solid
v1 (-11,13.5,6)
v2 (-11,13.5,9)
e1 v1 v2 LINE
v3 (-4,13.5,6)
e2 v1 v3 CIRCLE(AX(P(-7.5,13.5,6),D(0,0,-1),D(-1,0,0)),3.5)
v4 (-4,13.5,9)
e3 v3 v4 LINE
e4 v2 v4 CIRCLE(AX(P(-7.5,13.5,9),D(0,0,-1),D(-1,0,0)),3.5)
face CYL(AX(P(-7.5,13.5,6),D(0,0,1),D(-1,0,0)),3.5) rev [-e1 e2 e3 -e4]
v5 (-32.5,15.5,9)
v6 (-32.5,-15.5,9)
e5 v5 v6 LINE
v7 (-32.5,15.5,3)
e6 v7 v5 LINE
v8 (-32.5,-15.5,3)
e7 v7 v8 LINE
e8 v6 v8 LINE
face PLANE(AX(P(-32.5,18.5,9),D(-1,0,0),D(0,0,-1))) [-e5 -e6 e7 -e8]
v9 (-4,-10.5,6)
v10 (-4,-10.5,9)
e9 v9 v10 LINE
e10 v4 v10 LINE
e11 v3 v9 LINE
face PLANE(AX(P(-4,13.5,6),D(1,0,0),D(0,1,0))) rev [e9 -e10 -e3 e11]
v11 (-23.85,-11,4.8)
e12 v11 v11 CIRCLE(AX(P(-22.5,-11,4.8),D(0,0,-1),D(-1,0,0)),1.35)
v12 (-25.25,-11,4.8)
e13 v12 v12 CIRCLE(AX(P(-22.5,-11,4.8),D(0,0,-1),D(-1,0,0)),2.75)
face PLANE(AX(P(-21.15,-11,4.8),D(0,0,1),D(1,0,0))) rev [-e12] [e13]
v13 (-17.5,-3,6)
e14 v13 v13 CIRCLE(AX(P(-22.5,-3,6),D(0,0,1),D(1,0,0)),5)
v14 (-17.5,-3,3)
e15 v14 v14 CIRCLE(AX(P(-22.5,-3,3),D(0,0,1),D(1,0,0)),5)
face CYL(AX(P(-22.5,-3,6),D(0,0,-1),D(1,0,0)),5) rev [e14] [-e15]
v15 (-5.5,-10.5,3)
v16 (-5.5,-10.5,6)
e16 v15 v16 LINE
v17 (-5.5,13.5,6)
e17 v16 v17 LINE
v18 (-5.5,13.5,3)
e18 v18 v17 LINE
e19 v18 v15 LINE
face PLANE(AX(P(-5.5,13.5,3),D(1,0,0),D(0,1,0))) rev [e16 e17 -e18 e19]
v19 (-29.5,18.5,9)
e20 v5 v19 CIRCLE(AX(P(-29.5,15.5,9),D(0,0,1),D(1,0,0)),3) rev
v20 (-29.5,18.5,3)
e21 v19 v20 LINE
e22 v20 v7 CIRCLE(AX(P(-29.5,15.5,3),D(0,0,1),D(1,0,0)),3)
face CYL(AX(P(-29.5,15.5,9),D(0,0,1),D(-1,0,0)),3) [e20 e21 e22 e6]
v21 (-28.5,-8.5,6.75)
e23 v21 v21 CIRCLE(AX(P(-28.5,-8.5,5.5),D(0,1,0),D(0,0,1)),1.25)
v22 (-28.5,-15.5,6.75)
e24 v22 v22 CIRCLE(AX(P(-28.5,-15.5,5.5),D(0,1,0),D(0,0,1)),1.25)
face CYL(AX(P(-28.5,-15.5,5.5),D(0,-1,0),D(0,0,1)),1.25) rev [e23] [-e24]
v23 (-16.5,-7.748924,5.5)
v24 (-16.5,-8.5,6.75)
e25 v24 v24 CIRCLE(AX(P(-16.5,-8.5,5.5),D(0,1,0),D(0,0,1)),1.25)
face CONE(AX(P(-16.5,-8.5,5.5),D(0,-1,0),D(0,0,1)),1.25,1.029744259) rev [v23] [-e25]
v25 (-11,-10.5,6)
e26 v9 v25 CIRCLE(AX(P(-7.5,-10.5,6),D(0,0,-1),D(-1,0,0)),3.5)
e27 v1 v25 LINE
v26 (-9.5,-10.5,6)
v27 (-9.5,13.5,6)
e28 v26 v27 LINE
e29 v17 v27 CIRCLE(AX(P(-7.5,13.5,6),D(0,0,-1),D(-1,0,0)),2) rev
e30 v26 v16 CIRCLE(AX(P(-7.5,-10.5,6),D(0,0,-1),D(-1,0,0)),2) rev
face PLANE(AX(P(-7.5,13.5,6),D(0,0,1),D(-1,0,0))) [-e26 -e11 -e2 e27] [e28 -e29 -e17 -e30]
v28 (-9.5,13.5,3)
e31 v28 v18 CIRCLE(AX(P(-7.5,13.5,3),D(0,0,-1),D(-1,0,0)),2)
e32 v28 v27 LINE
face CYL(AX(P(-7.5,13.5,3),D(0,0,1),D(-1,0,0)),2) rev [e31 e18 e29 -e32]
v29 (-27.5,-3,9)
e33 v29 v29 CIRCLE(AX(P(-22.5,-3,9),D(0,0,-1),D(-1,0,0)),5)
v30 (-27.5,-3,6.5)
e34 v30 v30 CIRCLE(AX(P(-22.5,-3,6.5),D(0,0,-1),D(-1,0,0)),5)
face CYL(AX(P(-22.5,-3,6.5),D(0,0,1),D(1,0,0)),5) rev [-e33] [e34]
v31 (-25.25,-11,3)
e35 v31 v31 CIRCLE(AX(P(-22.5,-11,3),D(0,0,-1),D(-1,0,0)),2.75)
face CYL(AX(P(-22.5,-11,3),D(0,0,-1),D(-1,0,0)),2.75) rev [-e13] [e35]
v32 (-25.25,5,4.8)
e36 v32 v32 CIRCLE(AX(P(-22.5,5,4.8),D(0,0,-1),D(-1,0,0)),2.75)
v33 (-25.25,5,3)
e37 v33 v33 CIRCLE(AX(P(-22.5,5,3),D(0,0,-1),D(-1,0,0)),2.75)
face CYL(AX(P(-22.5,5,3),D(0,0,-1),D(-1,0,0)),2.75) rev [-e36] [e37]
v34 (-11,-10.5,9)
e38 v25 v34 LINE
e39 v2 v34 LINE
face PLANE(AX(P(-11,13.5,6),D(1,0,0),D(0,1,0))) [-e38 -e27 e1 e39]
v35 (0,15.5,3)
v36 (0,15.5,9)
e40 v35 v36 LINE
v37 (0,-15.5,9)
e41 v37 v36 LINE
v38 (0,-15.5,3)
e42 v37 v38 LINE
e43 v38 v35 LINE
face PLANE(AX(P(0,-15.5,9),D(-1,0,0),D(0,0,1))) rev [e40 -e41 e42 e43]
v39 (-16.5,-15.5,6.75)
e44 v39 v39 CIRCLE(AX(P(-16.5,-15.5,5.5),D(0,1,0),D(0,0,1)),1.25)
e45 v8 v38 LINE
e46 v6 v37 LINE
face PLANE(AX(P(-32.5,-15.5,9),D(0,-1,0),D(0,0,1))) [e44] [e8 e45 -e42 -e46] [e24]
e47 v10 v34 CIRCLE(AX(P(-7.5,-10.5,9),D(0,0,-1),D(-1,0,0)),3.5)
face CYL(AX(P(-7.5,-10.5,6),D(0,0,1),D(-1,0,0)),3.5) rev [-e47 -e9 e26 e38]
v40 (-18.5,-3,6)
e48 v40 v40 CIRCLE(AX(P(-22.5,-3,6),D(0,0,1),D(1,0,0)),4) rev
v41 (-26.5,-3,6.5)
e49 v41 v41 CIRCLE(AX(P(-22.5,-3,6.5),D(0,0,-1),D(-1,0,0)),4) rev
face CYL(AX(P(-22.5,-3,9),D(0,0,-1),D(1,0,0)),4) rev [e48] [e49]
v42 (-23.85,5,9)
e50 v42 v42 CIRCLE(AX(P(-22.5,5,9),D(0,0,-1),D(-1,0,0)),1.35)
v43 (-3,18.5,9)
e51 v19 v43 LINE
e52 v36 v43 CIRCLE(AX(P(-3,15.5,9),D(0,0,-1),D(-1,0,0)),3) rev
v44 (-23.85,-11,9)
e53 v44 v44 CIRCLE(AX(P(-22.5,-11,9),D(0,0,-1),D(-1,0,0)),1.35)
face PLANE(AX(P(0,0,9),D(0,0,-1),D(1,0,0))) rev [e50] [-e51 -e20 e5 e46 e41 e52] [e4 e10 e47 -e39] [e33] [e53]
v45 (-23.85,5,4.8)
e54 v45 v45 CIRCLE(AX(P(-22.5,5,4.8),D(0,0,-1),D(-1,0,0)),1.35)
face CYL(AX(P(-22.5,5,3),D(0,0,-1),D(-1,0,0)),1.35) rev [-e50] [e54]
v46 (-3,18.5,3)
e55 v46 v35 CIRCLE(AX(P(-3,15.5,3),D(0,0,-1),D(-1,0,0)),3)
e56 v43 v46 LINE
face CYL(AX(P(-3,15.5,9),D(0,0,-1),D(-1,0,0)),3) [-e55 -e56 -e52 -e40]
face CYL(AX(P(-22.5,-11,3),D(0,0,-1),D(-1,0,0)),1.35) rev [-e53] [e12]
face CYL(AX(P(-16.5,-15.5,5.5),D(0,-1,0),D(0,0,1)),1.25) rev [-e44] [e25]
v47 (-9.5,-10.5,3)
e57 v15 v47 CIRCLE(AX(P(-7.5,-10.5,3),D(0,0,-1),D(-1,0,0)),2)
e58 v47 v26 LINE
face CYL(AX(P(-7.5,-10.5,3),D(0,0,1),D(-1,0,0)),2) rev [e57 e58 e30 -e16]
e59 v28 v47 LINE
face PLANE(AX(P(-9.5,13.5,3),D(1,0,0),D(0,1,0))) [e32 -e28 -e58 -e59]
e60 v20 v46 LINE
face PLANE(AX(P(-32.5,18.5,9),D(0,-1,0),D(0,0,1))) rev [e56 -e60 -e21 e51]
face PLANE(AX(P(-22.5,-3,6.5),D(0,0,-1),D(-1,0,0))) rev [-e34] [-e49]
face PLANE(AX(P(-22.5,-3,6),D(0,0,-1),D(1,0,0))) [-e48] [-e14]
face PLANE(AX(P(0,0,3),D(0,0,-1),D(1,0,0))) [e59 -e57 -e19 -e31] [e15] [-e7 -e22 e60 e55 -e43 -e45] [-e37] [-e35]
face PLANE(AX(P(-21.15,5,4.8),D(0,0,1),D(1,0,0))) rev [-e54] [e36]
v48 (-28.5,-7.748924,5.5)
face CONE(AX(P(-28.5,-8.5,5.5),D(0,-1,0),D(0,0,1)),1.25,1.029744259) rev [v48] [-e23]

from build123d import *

# Parameters (mm, degrees)
SKIZZE1_W                                            = 65
SKIZZE1_H                                            = 34
SKIZZE1_R                                            = 9
SKIZZE1_R_2                                          = 4
AUFSATZ_LINEAR_AUSTRAGEN1_DEPTH                      = 3
SCHNITT_LINEAR_START                                 = 3
SKIZZE1_3_R                                          = 10.5
SCHNITT_LINEAR_AUSTRAGEN1_DEPTH                      = 5
SKIZZE1_4_R                                          = 5
SCHNITT_LINEAR_AUSTRAGEN2_DEPTH                      = 3
SCHNITT_LINEAR_AUSTRAGEN4_DEPTH                      = 7
SCHNITT_LINEAR_AUSTRAGEN5_DEPTH                      = 3
VERRUNDUNG1_R                                        = 3
M3_GEWINDEBOHRUNG1_D                                 = 2.5
M3_GEWINDEBOHRUNG1_DEPTH                             = 7
M3_GEWINDEBOHRUNG1_TIP                               = 0.751075774
M3_GEWINDEBOHRUNG2_D                                 = 2.5
M3_GEWINDEBOHRUNG2_DEPTH                             = 7.5
M3_GEWINDEBOHRUNG2_TIP                               = 0.751075774
SKIZZE6_3_OUTSIDE_W                                  = 81.72
SKIZZE6_3_OUTSIDE_H                                  = 50.72
SKIZZE6_3_OUTSIDE_W_2                                = 32.5
SKIZZE6_3_OUTSIDE_H_2                                = 34
NUR_ANTRIEB_DEPTH                                    = 7
VERRUNDUNG3_R                                        = 3
SKIZZE7_R                                            = 5
SCHNITT_LINEAR_AUSTRAGEN3_DEPTH                      = 2.5
STIRNSENKUNG_F_R_M2_5_ZYLINDERSCHRAUBE_M_D           = 2.7
STIRNSENKUNG_F_R_M2_5_ZYLINDERSCHRAUBE_M_CBORE_D     = 5.5
STIRNSENKUNG_F_R_M2_5_ZYLINDERSCHRAUBE_M_CBORE_DEPTH = 1.8


with BuildPart() as part:
    # Skizze1 → Aufsatz-Linear austragen1 (new body, symmetric)
    with BuildSketch(Plane.XY):
        with Locations((0, 1.5)):
            Rectangle(SKIZZE1_W, SKIZZE1_H)
        with Locations((20.5, 0)):
            Circle(SKIZZE1_R, mode=Mode.SUBTRACT)
        with Locations((-22.5, -3)):
            Circle(SKIZZE1_R_2, mode=Mode.SUBTRACT)
    extrude(amount=AUFSATZ_LINEAR_AUSTRAGEN1_DEPTH, both=True)

    # Skizze1<3> → Schnitt-Linear austragen1 (cut)
    with BuildSketch(Plane.XY.offset(SCHNITT_LINEAR_START)):
        with Locations((20.5, 0)):
            Circle(SKIZZE1_3_R)
    extrude(amount=-SCHNITT_LINEAR_AUSTRAGEN1_DEPTH, mode=Mode.SUBTRACT)

    # Skizze1<4> → Schnitt-Linear austragen2 (cut)
    with BuildSketch(Plane.XY.offset(SCHNITT_LINEAR_START)):
        with Locations((-22.5, -3)):
            Circle(SKIZZE1_4_R)
    extrude(amount=-SCHNITT_LINEAR_AUSTRAGEN2_DEPTH, mode=Mode.SUBTRACT)

    # Skizze11 → Schnitt-Linear austragen4 (cut, through all)
    with BuildSketch(Plane(origin=(0, 0, -3), x_dir=(-1, 0, 0), z_dir=(0, 0, -1))):
        with BuildLine():
            Line((9.5, 13.5), (9.5, -10.5))
            ThreePointArc((9.5, -10.5), (7.5, -12.5), (5.5, -10.5))
            Line((5.5, -10.5), (5.5, 13.5))
            ThreePointArc((5.5, 13.5), (7.5, 15.5), (9.5, 13.5))
        make_face()
    extrude(amount=-SCHNITT_LINEAR_AUSTRAGEN4_DEPTH, mode=Mode.SUBTRACT)

    # Skizze11<4> → Schnitt-Linear austragen5 (cut)
    with BuildSketch(Plane(origin=(0, 0, -3), x_dir=(-1, 0, 0), z_dir=(0, 0, -1))):
        with BuildLine():
            Line((11, 13.5), (11, -10.5))
            ThreePointArc((11, -10.5), (7.5, -14), (4, -10.5))
            Line((4, -10.5), (4, 13.5))
            ThreePointArc((4, 13.5), (7.5, 17), (11, 13.5))
        make_face()
    extrude(amount=-SCHNITT_LINEAR_AUSTRAGEN5_DEPTH, mode=Mode.SUBTRACT)

    # Verrundung1
    verrundung1_edges = [part.edges().sort_by_distance(p)[0] for p in [
        (-32.5, 18.5, 0),
        (32.5, 18.5, 0),
    ]]
    fillet(verrundung1_edges, radius=VERRUNDUNG1_R)

    # M3 Gewindebohrung1
    with Locations(Plane(origin=(-30, -15.5, -6.25), x_dir=(-1, 0, 0), z_dir=(0, -1, 0))):
        with Locations((-56.5, -6.75), (-1.5, -6.75), (-44.5, -6.75), (-13.5, -6.75)):
            Hole(M3_GEWINDEBOHRUNG1_D / 2, depth=M3_GEWINDEBOHRUNG1_DEPTH)
            with Locations((0, 0, -(M3_GEWINDEBOHRUNG1_DEPTH + M3_GEWINDEBOHRUNG1_TIP / 2))):  # 118° drill point
                Cone(0, M3_GEWINDEBOHRUNG1_D / 2, M3_GEWINDEBOHRUNG1_TIP, mode=Mode.SUBTRACT)

    # M3 Gewindebohrung2
    with Locations(Plane(origin=(0, 18.5, 0), x_dir=(1, 0, 0), z_dir=(0, 1, 0))):
        with Locations((20.5, 0)):
            Hole(M3_GEWINDEBOHRUNG2_D / 2, depth=M3_GEWINDEBOHRUNG2_DEPTH)
            with Locations((0, 0, -(M3_GEWINDEBOHRUNG2_DEPTH + M3_GEWINDEBOHRUNG2_TIP / 2))):  # 118° drill point
                Cone(0, M3_GEWINDEBOHRUNG2_D / 2, M3_GEWINDEBOHRUNG2_TIP, mode=Mode.SUBTRACT)


with BuildPart() as body_2:
    # Spiegeln1: mirrored copy
    add(part.part.mirror(Plane.XY.offset(3)))

    # Skizze6<3> outside → Nur Antrieb (cut, through all)
    with BuildSketch(Plane(origin=(0, 0, 3), x_dir=(-1, 0, 0), z_dir=(0, 0, -1))):
        with Locations((0, 1.5)):
            Rectangle(SKIZZE6_3_OUTSIDE_W, SKIZZE6_3_OUTSIDE_H)
        with Locations((16.25, 1.5)):
            Rectangle(SKIZZE6_3_OUTSIDE_W_2, SKIZZE6_3_OUTSIDE_H_2, mode=Mode.SUBTRACT)
    extrude(amount=-NUR_ANTRIEB_DEPTH, mode=Mode.SUBTRACT)

    # Verrundung3
    verrundung3_edges = [body_2.edges().sort_by_distance(p)[0] for p in [
        (0, 18.5, 6),
    ]]
    fillet(verrundung3_edges, radius=VERRUNDUNG3_R)

    # Skizze7 → Schnitt-Linear austragen3 (cut)
    with BuildSketch(Plane(origin=(0, 0, 9), x_dir=(-1, 0, 0), z_dir=(0, 0, -1))):
        with Locations((22.5, -3)):
            Circle(SKIZZE7_R)
    extrude(amount=SCHNITT_LINEAR_AUSTRAGEN3_DEPTH, mode=Mode.SUBTRACT)

    # Stirnsenkung für  M2.5 Zylinderschraube mit Schlitz/Kreuzschlitz1 (through all)
    with Locations(Plane(origin=(6.813962519, -2.610238453, 3), x_dir=(1, 0, 0), z_dir=(0, 0, -1))):
        with Locations((-29.313962519, -7.610238453), (-29.313962519, 8.389761547)):
            CounterBoreHole(STIRNSENKUNG_F_R_M2_5_ZYLINDERSCHRAUBE_M_D / 2, STIRNSENKUNG_F_R_M2_5_ZYLINDERSCHRAUBE_M_CBORE_D / 2, STIRNSENKUNG_F_R_M2_5_ZYLINDERSCHRAUBE_M_CBORE_DEPTH)


solid = body_2.part
